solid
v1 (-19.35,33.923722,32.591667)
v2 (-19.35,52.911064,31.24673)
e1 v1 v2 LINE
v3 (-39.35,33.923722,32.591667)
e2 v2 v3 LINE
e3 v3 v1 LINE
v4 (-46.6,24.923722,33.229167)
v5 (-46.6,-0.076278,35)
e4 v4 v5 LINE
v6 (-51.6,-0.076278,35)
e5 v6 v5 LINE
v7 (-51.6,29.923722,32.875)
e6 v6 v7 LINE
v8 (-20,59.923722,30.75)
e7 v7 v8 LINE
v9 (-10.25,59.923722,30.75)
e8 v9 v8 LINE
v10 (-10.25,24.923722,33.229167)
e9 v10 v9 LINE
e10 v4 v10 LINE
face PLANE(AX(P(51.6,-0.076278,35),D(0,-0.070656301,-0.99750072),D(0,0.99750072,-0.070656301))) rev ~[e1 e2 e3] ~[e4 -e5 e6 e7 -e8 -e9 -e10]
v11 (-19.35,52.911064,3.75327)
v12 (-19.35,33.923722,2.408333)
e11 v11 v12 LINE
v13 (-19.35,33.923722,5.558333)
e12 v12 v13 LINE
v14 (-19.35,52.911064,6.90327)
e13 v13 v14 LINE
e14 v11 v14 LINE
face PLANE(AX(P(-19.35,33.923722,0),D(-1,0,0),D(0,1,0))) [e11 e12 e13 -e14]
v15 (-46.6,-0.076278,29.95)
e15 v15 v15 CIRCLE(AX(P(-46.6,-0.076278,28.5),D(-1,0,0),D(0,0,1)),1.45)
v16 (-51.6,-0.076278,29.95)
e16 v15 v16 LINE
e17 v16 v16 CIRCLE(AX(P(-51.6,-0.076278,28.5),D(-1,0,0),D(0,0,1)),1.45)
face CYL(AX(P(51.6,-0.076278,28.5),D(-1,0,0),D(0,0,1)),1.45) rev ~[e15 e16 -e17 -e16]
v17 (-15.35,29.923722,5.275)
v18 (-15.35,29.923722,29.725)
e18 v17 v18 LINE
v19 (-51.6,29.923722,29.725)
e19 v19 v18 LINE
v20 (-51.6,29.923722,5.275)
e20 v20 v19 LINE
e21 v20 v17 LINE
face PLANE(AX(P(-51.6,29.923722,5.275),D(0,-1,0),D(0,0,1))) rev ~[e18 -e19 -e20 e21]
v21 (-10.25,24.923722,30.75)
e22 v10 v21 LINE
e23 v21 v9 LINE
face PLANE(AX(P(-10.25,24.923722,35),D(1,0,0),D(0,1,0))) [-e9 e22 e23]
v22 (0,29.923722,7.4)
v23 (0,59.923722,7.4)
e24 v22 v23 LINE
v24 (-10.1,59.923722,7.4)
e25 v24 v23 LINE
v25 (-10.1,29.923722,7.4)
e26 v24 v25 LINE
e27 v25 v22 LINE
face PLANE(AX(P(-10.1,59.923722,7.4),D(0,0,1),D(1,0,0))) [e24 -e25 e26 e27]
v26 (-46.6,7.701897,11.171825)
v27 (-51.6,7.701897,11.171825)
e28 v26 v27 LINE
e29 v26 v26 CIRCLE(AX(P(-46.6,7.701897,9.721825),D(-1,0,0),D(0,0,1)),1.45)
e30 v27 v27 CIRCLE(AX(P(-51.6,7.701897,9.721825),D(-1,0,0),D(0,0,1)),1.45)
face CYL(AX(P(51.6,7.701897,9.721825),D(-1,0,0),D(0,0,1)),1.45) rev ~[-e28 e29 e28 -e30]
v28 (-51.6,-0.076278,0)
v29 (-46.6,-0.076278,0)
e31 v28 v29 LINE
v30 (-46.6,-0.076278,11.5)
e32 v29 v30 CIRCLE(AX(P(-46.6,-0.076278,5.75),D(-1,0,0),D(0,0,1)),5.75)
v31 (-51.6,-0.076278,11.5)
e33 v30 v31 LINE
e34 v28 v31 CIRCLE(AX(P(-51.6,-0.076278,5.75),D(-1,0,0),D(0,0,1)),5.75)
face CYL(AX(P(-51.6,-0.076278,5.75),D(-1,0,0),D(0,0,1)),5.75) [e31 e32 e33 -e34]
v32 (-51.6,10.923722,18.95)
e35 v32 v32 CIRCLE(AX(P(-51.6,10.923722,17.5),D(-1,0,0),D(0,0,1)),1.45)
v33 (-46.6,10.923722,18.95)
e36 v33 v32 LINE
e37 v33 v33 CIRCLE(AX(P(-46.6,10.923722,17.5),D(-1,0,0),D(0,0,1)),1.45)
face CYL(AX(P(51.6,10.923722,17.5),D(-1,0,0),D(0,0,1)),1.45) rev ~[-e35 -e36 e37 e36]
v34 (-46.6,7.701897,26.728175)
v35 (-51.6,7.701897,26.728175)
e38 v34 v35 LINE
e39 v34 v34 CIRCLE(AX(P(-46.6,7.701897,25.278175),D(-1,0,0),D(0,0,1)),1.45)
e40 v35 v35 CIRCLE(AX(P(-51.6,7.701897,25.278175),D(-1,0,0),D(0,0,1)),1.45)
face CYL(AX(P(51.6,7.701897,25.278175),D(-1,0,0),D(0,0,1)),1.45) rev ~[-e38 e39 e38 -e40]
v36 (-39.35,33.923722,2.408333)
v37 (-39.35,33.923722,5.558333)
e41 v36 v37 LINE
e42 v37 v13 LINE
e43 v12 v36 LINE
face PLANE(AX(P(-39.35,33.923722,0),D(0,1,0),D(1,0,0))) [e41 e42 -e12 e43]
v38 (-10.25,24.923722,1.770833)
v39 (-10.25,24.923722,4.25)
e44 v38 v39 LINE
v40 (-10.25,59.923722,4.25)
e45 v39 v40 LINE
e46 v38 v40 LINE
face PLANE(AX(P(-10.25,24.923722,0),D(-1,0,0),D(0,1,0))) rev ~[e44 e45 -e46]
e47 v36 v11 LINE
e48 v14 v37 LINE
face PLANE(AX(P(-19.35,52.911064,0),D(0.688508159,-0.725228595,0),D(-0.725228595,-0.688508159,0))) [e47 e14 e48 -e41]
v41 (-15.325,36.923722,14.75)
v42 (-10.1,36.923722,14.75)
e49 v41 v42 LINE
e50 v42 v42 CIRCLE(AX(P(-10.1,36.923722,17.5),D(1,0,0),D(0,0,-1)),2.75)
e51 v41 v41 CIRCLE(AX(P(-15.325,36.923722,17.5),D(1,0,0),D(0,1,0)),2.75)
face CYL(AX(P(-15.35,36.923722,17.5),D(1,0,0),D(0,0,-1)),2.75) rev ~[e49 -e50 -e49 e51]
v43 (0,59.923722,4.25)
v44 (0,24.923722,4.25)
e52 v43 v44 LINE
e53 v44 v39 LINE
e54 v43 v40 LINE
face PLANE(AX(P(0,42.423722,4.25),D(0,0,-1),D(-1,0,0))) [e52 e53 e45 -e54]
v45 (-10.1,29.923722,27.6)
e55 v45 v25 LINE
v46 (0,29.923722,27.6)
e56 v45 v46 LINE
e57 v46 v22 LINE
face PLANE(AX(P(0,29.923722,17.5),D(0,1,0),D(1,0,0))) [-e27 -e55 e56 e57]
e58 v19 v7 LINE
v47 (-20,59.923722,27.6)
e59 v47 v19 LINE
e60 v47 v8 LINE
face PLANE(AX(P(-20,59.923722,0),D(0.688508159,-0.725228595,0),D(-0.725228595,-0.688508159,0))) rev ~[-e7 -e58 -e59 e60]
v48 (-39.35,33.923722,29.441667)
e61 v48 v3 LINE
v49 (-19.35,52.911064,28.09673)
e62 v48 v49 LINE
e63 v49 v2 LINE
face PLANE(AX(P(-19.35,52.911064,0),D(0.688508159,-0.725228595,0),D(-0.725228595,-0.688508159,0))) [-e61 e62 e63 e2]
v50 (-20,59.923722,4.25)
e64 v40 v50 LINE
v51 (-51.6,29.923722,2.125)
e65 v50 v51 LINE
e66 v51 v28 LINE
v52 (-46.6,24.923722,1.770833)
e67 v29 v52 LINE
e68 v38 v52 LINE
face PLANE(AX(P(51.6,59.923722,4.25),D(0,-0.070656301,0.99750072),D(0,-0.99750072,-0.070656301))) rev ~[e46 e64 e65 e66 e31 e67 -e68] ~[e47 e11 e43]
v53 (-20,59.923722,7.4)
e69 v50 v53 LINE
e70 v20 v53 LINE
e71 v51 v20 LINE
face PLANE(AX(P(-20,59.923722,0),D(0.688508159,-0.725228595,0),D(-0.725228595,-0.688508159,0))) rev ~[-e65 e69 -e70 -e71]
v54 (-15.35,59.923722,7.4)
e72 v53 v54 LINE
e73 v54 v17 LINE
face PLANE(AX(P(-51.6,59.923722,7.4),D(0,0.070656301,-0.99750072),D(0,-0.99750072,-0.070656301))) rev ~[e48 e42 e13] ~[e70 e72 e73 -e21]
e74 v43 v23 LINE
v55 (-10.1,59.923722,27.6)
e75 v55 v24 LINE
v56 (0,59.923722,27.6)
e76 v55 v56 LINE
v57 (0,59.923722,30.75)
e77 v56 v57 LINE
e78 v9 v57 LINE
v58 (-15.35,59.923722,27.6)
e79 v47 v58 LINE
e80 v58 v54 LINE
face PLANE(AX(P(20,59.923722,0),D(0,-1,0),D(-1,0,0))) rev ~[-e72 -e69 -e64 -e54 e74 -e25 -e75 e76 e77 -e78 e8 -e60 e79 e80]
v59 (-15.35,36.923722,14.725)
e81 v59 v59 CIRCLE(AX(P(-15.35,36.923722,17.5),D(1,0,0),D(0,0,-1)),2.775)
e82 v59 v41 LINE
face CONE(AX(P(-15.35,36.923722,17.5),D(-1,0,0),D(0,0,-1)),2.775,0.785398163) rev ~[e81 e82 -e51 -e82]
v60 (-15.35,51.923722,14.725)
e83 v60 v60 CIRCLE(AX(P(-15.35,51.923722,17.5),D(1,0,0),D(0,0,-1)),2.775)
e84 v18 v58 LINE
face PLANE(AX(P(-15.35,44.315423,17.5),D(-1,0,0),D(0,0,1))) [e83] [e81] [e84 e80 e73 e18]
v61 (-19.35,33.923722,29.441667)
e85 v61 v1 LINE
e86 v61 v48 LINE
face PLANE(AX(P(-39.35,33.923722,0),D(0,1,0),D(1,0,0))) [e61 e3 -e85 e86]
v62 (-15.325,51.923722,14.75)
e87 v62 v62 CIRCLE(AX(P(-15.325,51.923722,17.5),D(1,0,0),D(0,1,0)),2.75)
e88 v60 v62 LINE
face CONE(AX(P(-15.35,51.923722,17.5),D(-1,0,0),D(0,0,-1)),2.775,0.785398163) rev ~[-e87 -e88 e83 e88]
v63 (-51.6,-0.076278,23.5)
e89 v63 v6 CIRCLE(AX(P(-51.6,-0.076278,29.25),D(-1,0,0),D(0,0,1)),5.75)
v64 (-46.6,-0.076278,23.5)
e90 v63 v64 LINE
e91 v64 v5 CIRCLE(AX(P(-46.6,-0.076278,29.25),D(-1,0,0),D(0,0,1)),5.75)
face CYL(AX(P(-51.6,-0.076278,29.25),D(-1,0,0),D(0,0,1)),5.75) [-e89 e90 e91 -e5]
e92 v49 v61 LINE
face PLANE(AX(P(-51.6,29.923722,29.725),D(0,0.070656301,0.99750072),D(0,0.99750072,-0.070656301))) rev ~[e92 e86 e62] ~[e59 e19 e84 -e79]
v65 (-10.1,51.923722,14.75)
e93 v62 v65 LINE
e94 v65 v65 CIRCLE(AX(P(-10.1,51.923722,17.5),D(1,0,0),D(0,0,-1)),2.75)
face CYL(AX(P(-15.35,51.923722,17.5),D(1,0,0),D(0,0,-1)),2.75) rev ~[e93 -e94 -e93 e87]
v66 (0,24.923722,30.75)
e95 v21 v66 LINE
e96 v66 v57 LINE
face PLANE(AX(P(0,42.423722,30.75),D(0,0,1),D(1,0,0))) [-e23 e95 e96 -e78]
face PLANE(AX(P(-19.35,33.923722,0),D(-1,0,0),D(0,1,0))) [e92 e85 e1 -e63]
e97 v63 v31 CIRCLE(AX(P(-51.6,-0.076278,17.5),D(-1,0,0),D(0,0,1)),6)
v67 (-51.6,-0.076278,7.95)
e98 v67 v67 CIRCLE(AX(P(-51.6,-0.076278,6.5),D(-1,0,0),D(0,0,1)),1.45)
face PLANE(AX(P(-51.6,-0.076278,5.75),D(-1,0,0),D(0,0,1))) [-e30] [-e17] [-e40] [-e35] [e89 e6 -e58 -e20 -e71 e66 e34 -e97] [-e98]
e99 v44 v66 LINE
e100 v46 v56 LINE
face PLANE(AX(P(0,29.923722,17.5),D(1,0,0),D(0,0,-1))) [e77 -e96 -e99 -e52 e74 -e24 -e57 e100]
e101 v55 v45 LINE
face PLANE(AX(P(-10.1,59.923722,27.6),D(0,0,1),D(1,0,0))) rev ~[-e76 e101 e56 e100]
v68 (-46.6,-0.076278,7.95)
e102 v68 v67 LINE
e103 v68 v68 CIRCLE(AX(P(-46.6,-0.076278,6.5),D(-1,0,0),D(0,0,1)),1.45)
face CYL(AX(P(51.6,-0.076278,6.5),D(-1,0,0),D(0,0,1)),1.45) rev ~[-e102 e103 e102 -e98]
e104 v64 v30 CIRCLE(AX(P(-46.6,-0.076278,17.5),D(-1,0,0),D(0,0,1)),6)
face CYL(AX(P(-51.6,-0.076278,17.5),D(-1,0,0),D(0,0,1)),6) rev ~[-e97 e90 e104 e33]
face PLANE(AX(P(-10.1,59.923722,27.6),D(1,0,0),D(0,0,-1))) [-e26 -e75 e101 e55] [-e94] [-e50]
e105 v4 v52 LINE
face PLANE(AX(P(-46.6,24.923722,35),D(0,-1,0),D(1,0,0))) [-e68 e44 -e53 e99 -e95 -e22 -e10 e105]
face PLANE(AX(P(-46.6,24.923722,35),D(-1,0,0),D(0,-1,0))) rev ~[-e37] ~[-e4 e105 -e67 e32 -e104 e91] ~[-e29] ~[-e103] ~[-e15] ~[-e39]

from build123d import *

# Parameters (mm, degrees)
EXTRUDE_1_DEPTH                  = 35
SKETCH_6_R                       = 6
CUT_EXTRUDE_2_DEPTH              = 103.2
SKETCH_7_R                       = 5.75
EXTRUDE_3_DEPTH                  = 103.2
CUT_EXTRUDE_3_REACH              = 88.478
M2_5_CLEARANCE_HOLE1_D           = 2.9
M2_5_CLEARANCE_HOLE1_CSINK_D     = 2.95
M2_5_CLEARANCE_HOLE1_CSINK_ANGLE = 90
SKETCH_16_W                      = 20.2
SKETCH_16_H                      = 20.2
CUT_EXTRUDE_5_DEPTH              = 30
SKETCH_15_W                      = 20.5
SKETCH_15_H                      = 35
CUT_EXTRUDE_6_DEPTH              = 4.25
SKETCH_17_W                      = 20.5
SKETCH_17_H                      = 35
CUT_EXTRUDE_7_DEPTH              = 4.25
CUT_EXTRUDE_8_REACH              = 126.363
CUT_EXTRUDE_9_DEPTH              = 36.25
CUT_EXTRUDE_10_DEPTH             = 36.25
CUT_EXTRUDE_12_DEPTH             = 87.477815158
CUT_EXTRUDE1_START               = -51.6
SKETCH1_W                        = 50
SKETCH1_H                        = 80
CUT_EXTRUDE1_DEPTH               = 51.6
M5_CLEARANCE_HOLE2_D             = 5.5
M5_CLEARANCE_HOLE2_CSINK_D       = 5.55
M5_CLEARANCE_HOLE2_CSINK_ANGLE   = 90


with BuildPart() as part:
    # 草图1 → 凸台-拉伸1 (new body)
    with BuildSketch(Plane.XY):
        Polygon((51.6, -0.076277531), (51.6, 29.923722469), (20, 59.923722469), (-20, 59.923722469), (-51.6, 29.923722469), (-51.6, -0.076277531), align=None)
    extrude(amount=EXTRUDE_1_DEPTH)

    # 草图6 → 切除-拉伸2 (cut)
    with BuildSketch(Plane.ZY.offset(51.6)):
        with Locations((17.5, -0.076277531)):
            Circle(SKETCH_6_R)
    extrude(amount=-CUT_EXTRUDE_2_DEPTH, mode=Mode.SUBTRACT)

    # 草图7 → 凸台-拉伸3 (add)
    with BuildSketch(Plane.ZY.offset(51.6)):
        with Locations((5.75, -0.076277531)):
            Circle(SKETCH_7_R)
        with Locations((29.25, -0.076277531)):
            Circle(SKETCH_7_R)
    extrude(amount=-EXTRUDE_3_DEPTH)

    # 切除-拉伸3: up to this face of the body (flat: up to its plane)
    cut_extrude_3_end = Plane(part.part.faces().sort_by_distance((0, 26.308161829, 0))[0])
    # 草图8 → 切除-拉伸3 (cut, up to the picked face)
    with BuildSketch(Plane.XY.offset(35), mode=Mode.PRIVATE) as cut_extrude_3_sk1:
        Polygon((-46.6, -0.076277531), (-46.6, 24.923722469), (46.6, 24.923722469), (46.6, -0.076277531), (46.6, -12.111349377), (-46.6, -12.111349377), align=None)
    cut_extrude_3_tool1 = split(extrude(cut_extrude_3_sk1.sketch, amount=-CUT_EXTRUDE_3_REACH, mode=Mode.PRIVATE), bisect_by=cut_extrude_3_end, keep=Keep.BOTH, mode=Mode.PRIVATE)
    add(cut_extrude_3_tool1.solids().sort_by(Axis((0, 6.406187, 35), (0, 0, -1)))[0], mode=Mode.SUBTRACT)

    # M2.5 Clearance Hole1 (through all)
    with Locations(Plane(origin=(51.6, 0, 0), x_dir=(0, 0, -1), z_dir=(1, 0, 0))):
        with Locations((-28.5, -0.076277531), (-25.278174593, 7.701897062), (-17.5, 10.923722469), (-9.721825407, 7.701897062), (-6.5, -0.076277531)):
            CounterSinkHole(M2_5_CLEARANCE_HOLE1_D / 2, M2_5_CLEARANCE_HOLE1_CSINK_D / 2, counter_sink_angle=M2_5_CLEARANCE_HOLE1_CSINK_ANGLE)

    # 草图16 → 切除-拉伸5 (cut)
    with BuildSketch(Plane(origin=(0, 59.923722469, 0), x_dir=(1, 0, 0), z_dir=(0, 1, 0))):
        with Locations((0, -17.5)):
            Rectangle(SKETCH_16_W, SKETCH_16_H)
    extrude(amount=-CUT_EXTRUDE_5_DEPTH, mode=Mode.SUBTRACT)

    # 草图15 → 切除-拉伸6 (cut)
    with BuildSketch(Plane.XY.offset(35)):
        with Locations((0, 42.423722469)):
            Rectangle(SKETCH_15_W, SKETCH_15_H)
    extrude(amount=-CUT_EXTRUDE_6_DEPTH, mode=Mode.SUBTRACT)

    # 草图17 → 切除-拉伸7 (cut)
    with BuildSketch(Plane(origin=(0, 0, 0), x_dir=(-1, 0, 0), z_dir=(0, 0, -1))):
        with Locations((0, 42.423722469)):
            Rectangle(SKETCH_17_W, SKETCH_17_H)
    extrude(amount=-CUT_EXTRUDE_7_DEPTH, mode=Mode.SUBTRACT)

    # 切除-拉伸8: up to this face of the body (flat: up to its plane)
    cut_extrude_8_end = Plane(part.part.faces().sort_by_distance((-51.6, 14.183980779, 17.5))[0])
    # 草图20 → 切除-拉伸8 (cut, up to the picked face)
    with BuildSketch(Plane(origin=(51.6, 0, 0), x_dir=(0, 0, -1), z_dir=(1, 0, 0)), mode=Mode.PRIVATE) as cut_extrude_8_sk1:
        Polygon((-30.75, 59.923722469), (-35, 59.923722469), (-35, -0.076277531), align=None)
    cut_extrude_8_tool1 = split(extrude(cut_extrude_8_sk1.sketch, amount=-CUT_EXTRUDE_8_REACH, mode=Mode.PRIVATE), bisect_by=cut_extrude_8_end, keep=Keep.BOTH, mode=Mode.PRIVATE)
    # 草图20 → 切除-拉伸8 (cut, up to the picked face)
    with BuildSketch(Plane(origin=(51.6, 0, 0), x_dir=(0, 0, -1), z_dir=(1, 0, 0)), mode=Mode.PRIVATE) as cut_extrude_8_sk2:
        Polygon((0, -0.076277531), (0, 59.923722469), (-4.25, 59.923722469), align=None)
    cut_extrude_8_tool2 = split(extrude(cut_extrude_8_sk2.sketch, amount=-CUT_EXTRUDE_8_REACH, mode=Mode.PRIVATE), bisect_by=cut_extrude_8_end, keep=Keep.BOTH, mode=Mode.PRIVATE)
    add(cut_extrude_8_tool1.solids().sort_by(Axis((51.6, 39.923722, 33.583333), (-1, 0, 0)))[0], mode=Mode.SUBTRACT)
    add(cut_extrude_8_tool2.solids().sort_by(Axis((51.6, 39.923722, 1.416667), (-1, 0, 0)))[0], mode=Mode.SUBTRACT)

    # 草图21 → 切除-拉伸9 (cut)
    with BuildSketch(Plane(origin=(51.6, 0, 0), x_dir=(0, 0, -1), z_dir=(1, 0, 0))):
        Polygon((-27.6, 59.923722469), (-29.725, 29.923722469), (-5.275, 29.923722469), (-7.4, 59.923722469), align=None)
    extrude(amount=-CUT_EXTRUDE_9_DEPTH, mode=Mode.SUBTRACT)

    # 草图22 → 切除-拉伸10 (cut)
    with BuildSketch(Plane.ZY.offset(51.6)):
        Polygon((29.725, 29.923722469), (27.6, 59.923722469), (7.4, 59.923722469), (5.275, 29.923722469), align=None)
    extrude(amount=-CUT_EXTRUDE_10_DEPTH, mode=Mode.SUBTRACT)

    # 草图25 → 切除-拉伸12 (cut, through all)
    with BuildSketch(Plane.XY):
        Polygon((39.35, 33.923722469), (19.35, 33.923722469), (19.35, 52.911064241), align=None)
        Polygon((-19.35, 52.911064241), (-39.35, 33.923722469), (-19.35, 33.923722469), align=None)
    extrude(amount=CUT_EXTRUDE_12_DEPTH, mode=Mode.SUBTRACT)

    # Sketch1 → Cut-Extrude1 (cut)
    with BuildSketch(Plane(origin=(51.6, 0, 0), x_dir=(0, 0, -1), z_dir=(1, 0, 0)).offset(CUT_EXTRUDE1_START)):
        with Locations((-17.5, 29.923722469)):
            Rectangle(SKETCH1_W, SKETCH1_H)
    extrude(amount=CUT_EXTRUDE1_DEPTH, mode=Mode.SUBTRACT)

    # M5 Clearance Hole2 (through all)
    with Locations(Plane.ZY.offset(15.35)):
        with Locations((17.5, 36.923722469), (17.5, 51.923722469)):
            CounterSinkHole(M5_CLEARANCE_HOLE2_D / 2, M5_CLEARANCE_HOLE2_CSINK_D / 2, counter_sink_angle=M5_CLEARANCE_HOLE2_CSINK_ANGLE)


solid = part.part
